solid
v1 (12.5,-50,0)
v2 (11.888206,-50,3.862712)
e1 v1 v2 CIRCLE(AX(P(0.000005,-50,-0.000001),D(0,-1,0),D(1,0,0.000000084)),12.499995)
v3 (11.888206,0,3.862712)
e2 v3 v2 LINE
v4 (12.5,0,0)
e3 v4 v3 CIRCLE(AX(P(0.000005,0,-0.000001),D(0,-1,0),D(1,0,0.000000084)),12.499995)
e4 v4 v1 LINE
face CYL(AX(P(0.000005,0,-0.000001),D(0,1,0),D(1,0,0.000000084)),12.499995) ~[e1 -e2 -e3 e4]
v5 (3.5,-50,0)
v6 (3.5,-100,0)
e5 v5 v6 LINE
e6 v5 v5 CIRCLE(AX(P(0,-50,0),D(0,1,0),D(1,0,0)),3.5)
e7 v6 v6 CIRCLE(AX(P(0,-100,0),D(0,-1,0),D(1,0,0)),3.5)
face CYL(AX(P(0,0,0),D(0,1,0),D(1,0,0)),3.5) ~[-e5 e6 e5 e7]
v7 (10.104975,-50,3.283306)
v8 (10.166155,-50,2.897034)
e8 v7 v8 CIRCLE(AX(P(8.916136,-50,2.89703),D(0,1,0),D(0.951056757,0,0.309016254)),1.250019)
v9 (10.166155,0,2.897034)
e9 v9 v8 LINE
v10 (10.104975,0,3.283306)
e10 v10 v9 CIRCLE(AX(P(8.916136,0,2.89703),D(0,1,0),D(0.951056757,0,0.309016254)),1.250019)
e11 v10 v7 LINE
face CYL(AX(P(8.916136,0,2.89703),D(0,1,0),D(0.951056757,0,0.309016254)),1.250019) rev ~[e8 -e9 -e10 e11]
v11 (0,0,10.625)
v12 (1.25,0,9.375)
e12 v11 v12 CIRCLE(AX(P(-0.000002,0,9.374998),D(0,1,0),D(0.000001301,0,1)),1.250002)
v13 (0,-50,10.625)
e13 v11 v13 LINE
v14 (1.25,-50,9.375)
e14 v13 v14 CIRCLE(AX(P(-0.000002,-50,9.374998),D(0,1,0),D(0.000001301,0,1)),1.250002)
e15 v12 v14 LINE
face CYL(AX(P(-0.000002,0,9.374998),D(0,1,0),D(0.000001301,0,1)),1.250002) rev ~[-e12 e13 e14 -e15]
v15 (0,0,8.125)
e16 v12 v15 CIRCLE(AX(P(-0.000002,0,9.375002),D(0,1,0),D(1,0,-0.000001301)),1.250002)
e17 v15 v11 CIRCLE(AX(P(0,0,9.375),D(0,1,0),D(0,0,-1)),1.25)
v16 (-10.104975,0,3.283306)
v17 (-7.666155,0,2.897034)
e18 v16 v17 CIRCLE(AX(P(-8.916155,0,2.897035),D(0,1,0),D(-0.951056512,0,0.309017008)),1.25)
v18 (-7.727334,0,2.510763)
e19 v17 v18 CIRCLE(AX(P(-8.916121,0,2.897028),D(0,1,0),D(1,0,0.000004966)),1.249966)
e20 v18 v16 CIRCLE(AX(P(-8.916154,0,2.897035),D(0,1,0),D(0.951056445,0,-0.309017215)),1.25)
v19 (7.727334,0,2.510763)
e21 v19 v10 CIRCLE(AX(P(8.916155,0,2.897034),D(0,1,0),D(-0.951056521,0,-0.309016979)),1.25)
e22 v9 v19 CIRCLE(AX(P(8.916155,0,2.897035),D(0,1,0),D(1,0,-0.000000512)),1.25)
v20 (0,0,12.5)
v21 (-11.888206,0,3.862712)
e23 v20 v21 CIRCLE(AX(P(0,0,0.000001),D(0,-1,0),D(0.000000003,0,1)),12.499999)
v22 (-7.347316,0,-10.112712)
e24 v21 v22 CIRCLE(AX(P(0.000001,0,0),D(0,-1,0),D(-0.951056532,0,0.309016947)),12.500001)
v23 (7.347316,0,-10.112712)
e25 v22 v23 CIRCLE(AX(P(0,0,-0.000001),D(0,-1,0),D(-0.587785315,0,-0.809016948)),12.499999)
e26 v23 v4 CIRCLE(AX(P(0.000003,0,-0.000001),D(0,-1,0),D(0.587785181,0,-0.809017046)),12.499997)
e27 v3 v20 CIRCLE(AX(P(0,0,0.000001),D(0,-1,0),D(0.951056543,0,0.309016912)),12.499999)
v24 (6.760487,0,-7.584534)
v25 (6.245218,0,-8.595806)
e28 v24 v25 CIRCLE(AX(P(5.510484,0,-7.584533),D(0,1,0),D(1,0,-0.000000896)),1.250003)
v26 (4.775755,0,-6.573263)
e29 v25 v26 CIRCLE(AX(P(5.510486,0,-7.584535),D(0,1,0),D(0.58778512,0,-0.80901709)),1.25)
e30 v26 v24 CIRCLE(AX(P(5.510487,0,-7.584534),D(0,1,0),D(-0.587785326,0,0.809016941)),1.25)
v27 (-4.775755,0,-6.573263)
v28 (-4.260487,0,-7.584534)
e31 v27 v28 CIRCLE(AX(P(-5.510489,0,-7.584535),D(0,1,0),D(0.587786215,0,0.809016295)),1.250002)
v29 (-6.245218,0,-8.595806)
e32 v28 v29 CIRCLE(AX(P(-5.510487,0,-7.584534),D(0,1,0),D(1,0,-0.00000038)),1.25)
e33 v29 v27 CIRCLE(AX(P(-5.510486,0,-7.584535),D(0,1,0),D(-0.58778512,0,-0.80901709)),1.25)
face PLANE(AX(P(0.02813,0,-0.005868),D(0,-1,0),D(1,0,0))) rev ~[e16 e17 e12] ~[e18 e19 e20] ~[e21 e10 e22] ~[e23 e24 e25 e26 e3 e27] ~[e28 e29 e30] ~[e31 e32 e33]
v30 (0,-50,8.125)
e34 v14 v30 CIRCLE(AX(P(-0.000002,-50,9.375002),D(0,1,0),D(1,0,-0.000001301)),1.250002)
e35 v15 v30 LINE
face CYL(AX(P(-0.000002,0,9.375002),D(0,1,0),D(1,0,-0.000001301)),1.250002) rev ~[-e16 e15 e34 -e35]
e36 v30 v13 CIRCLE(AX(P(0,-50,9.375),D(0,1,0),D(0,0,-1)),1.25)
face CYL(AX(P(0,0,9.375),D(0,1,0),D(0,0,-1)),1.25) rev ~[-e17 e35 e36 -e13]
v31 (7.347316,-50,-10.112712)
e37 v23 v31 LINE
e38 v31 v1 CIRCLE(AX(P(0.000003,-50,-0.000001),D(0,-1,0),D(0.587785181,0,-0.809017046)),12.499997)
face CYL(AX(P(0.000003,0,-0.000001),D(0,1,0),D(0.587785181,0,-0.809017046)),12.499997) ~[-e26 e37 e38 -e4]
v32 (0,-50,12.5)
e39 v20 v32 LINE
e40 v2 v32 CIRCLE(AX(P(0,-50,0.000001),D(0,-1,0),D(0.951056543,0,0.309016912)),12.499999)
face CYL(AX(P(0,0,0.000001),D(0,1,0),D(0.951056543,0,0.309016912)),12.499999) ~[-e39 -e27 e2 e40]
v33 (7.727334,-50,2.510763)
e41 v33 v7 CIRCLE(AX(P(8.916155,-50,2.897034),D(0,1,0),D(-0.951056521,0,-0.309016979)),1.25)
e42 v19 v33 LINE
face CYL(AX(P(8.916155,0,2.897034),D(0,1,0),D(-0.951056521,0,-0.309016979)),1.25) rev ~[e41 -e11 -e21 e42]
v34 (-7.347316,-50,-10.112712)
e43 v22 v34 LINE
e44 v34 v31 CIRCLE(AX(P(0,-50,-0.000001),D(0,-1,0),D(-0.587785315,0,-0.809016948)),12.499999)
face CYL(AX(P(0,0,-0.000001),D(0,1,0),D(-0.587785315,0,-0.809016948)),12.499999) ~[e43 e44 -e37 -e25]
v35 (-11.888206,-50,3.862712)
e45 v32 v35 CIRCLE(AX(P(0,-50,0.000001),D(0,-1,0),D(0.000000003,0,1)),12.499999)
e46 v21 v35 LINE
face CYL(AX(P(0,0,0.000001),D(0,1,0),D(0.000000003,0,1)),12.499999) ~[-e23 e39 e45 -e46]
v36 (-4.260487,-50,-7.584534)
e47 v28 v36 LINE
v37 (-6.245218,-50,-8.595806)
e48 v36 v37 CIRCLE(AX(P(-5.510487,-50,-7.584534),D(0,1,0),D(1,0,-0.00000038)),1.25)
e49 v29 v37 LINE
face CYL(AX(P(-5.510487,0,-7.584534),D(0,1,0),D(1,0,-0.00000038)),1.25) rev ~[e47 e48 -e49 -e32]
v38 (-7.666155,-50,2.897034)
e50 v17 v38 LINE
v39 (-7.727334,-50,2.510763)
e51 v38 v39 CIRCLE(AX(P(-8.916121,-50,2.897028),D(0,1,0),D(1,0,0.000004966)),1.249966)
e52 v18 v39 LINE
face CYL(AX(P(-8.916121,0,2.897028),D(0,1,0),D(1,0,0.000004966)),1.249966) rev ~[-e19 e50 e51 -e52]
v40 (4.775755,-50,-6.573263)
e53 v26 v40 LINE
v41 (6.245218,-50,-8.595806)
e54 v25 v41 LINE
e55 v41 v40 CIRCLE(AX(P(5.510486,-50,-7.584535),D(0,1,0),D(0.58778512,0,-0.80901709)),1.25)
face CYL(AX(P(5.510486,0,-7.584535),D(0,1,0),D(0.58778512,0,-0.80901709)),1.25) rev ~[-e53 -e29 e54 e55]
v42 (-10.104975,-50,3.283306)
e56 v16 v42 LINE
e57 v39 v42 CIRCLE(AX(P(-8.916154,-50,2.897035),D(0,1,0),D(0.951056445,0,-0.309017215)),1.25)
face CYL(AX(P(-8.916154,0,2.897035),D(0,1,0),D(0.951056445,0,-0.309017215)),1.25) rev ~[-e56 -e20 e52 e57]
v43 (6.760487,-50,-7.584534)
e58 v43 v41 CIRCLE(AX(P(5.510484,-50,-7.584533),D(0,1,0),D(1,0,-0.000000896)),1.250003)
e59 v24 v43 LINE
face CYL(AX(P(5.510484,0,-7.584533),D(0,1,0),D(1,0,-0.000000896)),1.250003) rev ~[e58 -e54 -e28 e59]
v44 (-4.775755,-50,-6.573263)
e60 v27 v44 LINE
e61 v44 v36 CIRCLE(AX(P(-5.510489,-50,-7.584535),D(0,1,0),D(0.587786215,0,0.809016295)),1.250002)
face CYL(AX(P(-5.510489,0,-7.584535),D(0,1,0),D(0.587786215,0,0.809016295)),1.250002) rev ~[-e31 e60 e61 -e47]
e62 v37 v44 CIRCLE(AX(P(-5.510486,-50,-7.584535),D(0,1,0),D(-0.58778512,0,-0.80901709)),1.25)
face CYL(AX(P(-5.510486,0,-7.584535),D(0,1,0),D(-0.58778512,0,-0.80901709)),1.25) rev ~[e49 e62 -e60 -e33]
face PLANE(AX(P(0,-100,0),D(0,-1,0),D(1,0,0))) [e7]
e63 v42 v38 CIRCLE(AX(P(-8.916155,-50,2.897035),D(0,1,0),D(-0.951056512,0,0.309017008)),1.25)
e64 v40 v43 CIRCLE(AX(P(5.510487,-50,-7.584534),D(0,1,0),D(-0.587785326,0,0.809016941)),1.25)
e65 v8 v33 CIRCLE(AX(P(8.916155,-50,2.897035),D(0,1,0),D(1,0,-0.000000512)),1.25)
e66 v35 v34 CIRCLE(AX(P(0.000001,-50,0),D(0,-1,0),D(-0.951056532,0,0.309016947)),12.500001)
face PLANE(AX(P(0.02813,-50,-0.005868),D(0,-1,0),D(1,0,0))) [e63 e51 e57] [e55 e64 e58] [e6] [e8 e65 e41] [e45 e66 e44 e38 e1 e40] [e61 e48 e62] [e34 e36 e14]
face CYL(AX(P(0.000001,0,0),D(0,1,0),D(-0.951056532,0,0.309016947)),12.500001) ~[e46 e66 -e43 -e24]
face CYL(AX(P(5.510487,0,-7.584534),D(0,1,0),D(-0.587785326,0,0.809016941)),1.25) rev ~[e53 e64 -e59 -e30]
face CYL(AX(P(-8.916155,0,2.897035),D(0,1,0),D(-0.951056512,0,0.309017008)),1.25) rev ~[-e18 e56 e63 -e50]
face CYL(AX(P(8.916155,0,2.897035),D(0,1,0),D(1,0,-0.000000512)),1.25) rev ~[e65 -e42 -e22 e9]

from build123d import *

# Parameters (mm, degrees)
F0_R     = 3.5
F1_DEPTH = 100
F3_DEPTH = 50


with BuildPart() as f1:
    # F0 (on Front) → F1 (new body)
    with BuildSketch(Plane.XZ):
        Circle(F0_R)
    extrude(amount=F1_DEPTH)

    # F2 (on Front) → F3 (join)
    with BuildSketch(Plane.XZ):
        with BuildLine():
            ThreePointArc((7.347316, -10.112712), (11.137582, -5.674881), (12.5, 0))
            ThreePointArc((12.5, 0), (12.346104, 1.955431), (11.888206, 3.862712))
            ThreePointArc((11.888206, 3.862712), (7.347316, 10.112712), (0, 12.5))
            ThreePointArc((0, 12.5), (-7.347316, 10.112712), (-11.888206, 3.862712))
            ThreePointArc((-11.888206, 3.862712), (-11.888206, -3.862712), (-7.347316, -10.112712))
            ThreePointArc((-7.347316, -10.112712), (0, -12.5), (7.347316, -10.112712))
        make_face()
        with BuildLine():
            ThreePointArc((-4.260487, -7.584534), (-4.942999, -8.698292), (-6.245218, -8.595806))
            ThreePointArc((-6.245218, -8.595806), (-6.521758, -6.849803), (-4.775755, -6.573263))
            ThreePointArc((-4.775755, -6.573263), (-4.396729, -7.017046), (-4.260487, -7.584534))
        make_face(mode=Mode.SUBTRACT)
        with BuildLine():
            ThreePointArc((6.760487, -7.584534), (6.624245, -8.152022), (6.245218, -8.595806))
            ThreePointArc((6.245218, -8.595806), (4.499215, -8.319266), (4.775755, -6.573263))
            ThreePointArc((4.775755, -6.573263), (6.077975, -6.470776), (6.760487, -7.584534))
        make_face(mode=Mode.SUBTRACT)
        with BuildLine():
            ThreePointArc((-7.727334, 2.510763), (-9.302426, 1.708214), (-10.104975, 3.283306))
            ThreePointArc((-10.104975, 3.283306), (-8.720612, 4.131645), (-7.666155, 2.897034))
            ThreePointArc((-7.666155, 2.897034), (-7.681544, 2.701491), (-7.727334, 2.510763))
        make_face(mode=Mode.SUBTRACT)
        with BuildLine():
            ThreePointArc((7.727334, 2.510763), (8.529884, 4.085855), (10.104975, 3.283306))
            ThreePointArc((10.104975, 3.283306), (10.150765, 3.092577), (10.166155, 2.897034))
            ThreePointArc((10.166155, 2.897034), (9.111698, 1.662424), (7.727334, 2.510763))
        make_face(mode=Mode.SUBTRACT)
        with BuildLine():
            ThreePointArc((0, 8.125), (-1.25, 9.375), (0, 10.625))
            ThreePointArc((0, 10.625), (0.883883, 10.258883), (1.25, 9.375))
            ThreePointArc((1.25, 9.375), (0.883883, 8.491117), (0, 8.125))
        make_face(mode=Mode.SUBTRACT)
    extrude(amount=F3_DEPTH)


solid = f1.part
